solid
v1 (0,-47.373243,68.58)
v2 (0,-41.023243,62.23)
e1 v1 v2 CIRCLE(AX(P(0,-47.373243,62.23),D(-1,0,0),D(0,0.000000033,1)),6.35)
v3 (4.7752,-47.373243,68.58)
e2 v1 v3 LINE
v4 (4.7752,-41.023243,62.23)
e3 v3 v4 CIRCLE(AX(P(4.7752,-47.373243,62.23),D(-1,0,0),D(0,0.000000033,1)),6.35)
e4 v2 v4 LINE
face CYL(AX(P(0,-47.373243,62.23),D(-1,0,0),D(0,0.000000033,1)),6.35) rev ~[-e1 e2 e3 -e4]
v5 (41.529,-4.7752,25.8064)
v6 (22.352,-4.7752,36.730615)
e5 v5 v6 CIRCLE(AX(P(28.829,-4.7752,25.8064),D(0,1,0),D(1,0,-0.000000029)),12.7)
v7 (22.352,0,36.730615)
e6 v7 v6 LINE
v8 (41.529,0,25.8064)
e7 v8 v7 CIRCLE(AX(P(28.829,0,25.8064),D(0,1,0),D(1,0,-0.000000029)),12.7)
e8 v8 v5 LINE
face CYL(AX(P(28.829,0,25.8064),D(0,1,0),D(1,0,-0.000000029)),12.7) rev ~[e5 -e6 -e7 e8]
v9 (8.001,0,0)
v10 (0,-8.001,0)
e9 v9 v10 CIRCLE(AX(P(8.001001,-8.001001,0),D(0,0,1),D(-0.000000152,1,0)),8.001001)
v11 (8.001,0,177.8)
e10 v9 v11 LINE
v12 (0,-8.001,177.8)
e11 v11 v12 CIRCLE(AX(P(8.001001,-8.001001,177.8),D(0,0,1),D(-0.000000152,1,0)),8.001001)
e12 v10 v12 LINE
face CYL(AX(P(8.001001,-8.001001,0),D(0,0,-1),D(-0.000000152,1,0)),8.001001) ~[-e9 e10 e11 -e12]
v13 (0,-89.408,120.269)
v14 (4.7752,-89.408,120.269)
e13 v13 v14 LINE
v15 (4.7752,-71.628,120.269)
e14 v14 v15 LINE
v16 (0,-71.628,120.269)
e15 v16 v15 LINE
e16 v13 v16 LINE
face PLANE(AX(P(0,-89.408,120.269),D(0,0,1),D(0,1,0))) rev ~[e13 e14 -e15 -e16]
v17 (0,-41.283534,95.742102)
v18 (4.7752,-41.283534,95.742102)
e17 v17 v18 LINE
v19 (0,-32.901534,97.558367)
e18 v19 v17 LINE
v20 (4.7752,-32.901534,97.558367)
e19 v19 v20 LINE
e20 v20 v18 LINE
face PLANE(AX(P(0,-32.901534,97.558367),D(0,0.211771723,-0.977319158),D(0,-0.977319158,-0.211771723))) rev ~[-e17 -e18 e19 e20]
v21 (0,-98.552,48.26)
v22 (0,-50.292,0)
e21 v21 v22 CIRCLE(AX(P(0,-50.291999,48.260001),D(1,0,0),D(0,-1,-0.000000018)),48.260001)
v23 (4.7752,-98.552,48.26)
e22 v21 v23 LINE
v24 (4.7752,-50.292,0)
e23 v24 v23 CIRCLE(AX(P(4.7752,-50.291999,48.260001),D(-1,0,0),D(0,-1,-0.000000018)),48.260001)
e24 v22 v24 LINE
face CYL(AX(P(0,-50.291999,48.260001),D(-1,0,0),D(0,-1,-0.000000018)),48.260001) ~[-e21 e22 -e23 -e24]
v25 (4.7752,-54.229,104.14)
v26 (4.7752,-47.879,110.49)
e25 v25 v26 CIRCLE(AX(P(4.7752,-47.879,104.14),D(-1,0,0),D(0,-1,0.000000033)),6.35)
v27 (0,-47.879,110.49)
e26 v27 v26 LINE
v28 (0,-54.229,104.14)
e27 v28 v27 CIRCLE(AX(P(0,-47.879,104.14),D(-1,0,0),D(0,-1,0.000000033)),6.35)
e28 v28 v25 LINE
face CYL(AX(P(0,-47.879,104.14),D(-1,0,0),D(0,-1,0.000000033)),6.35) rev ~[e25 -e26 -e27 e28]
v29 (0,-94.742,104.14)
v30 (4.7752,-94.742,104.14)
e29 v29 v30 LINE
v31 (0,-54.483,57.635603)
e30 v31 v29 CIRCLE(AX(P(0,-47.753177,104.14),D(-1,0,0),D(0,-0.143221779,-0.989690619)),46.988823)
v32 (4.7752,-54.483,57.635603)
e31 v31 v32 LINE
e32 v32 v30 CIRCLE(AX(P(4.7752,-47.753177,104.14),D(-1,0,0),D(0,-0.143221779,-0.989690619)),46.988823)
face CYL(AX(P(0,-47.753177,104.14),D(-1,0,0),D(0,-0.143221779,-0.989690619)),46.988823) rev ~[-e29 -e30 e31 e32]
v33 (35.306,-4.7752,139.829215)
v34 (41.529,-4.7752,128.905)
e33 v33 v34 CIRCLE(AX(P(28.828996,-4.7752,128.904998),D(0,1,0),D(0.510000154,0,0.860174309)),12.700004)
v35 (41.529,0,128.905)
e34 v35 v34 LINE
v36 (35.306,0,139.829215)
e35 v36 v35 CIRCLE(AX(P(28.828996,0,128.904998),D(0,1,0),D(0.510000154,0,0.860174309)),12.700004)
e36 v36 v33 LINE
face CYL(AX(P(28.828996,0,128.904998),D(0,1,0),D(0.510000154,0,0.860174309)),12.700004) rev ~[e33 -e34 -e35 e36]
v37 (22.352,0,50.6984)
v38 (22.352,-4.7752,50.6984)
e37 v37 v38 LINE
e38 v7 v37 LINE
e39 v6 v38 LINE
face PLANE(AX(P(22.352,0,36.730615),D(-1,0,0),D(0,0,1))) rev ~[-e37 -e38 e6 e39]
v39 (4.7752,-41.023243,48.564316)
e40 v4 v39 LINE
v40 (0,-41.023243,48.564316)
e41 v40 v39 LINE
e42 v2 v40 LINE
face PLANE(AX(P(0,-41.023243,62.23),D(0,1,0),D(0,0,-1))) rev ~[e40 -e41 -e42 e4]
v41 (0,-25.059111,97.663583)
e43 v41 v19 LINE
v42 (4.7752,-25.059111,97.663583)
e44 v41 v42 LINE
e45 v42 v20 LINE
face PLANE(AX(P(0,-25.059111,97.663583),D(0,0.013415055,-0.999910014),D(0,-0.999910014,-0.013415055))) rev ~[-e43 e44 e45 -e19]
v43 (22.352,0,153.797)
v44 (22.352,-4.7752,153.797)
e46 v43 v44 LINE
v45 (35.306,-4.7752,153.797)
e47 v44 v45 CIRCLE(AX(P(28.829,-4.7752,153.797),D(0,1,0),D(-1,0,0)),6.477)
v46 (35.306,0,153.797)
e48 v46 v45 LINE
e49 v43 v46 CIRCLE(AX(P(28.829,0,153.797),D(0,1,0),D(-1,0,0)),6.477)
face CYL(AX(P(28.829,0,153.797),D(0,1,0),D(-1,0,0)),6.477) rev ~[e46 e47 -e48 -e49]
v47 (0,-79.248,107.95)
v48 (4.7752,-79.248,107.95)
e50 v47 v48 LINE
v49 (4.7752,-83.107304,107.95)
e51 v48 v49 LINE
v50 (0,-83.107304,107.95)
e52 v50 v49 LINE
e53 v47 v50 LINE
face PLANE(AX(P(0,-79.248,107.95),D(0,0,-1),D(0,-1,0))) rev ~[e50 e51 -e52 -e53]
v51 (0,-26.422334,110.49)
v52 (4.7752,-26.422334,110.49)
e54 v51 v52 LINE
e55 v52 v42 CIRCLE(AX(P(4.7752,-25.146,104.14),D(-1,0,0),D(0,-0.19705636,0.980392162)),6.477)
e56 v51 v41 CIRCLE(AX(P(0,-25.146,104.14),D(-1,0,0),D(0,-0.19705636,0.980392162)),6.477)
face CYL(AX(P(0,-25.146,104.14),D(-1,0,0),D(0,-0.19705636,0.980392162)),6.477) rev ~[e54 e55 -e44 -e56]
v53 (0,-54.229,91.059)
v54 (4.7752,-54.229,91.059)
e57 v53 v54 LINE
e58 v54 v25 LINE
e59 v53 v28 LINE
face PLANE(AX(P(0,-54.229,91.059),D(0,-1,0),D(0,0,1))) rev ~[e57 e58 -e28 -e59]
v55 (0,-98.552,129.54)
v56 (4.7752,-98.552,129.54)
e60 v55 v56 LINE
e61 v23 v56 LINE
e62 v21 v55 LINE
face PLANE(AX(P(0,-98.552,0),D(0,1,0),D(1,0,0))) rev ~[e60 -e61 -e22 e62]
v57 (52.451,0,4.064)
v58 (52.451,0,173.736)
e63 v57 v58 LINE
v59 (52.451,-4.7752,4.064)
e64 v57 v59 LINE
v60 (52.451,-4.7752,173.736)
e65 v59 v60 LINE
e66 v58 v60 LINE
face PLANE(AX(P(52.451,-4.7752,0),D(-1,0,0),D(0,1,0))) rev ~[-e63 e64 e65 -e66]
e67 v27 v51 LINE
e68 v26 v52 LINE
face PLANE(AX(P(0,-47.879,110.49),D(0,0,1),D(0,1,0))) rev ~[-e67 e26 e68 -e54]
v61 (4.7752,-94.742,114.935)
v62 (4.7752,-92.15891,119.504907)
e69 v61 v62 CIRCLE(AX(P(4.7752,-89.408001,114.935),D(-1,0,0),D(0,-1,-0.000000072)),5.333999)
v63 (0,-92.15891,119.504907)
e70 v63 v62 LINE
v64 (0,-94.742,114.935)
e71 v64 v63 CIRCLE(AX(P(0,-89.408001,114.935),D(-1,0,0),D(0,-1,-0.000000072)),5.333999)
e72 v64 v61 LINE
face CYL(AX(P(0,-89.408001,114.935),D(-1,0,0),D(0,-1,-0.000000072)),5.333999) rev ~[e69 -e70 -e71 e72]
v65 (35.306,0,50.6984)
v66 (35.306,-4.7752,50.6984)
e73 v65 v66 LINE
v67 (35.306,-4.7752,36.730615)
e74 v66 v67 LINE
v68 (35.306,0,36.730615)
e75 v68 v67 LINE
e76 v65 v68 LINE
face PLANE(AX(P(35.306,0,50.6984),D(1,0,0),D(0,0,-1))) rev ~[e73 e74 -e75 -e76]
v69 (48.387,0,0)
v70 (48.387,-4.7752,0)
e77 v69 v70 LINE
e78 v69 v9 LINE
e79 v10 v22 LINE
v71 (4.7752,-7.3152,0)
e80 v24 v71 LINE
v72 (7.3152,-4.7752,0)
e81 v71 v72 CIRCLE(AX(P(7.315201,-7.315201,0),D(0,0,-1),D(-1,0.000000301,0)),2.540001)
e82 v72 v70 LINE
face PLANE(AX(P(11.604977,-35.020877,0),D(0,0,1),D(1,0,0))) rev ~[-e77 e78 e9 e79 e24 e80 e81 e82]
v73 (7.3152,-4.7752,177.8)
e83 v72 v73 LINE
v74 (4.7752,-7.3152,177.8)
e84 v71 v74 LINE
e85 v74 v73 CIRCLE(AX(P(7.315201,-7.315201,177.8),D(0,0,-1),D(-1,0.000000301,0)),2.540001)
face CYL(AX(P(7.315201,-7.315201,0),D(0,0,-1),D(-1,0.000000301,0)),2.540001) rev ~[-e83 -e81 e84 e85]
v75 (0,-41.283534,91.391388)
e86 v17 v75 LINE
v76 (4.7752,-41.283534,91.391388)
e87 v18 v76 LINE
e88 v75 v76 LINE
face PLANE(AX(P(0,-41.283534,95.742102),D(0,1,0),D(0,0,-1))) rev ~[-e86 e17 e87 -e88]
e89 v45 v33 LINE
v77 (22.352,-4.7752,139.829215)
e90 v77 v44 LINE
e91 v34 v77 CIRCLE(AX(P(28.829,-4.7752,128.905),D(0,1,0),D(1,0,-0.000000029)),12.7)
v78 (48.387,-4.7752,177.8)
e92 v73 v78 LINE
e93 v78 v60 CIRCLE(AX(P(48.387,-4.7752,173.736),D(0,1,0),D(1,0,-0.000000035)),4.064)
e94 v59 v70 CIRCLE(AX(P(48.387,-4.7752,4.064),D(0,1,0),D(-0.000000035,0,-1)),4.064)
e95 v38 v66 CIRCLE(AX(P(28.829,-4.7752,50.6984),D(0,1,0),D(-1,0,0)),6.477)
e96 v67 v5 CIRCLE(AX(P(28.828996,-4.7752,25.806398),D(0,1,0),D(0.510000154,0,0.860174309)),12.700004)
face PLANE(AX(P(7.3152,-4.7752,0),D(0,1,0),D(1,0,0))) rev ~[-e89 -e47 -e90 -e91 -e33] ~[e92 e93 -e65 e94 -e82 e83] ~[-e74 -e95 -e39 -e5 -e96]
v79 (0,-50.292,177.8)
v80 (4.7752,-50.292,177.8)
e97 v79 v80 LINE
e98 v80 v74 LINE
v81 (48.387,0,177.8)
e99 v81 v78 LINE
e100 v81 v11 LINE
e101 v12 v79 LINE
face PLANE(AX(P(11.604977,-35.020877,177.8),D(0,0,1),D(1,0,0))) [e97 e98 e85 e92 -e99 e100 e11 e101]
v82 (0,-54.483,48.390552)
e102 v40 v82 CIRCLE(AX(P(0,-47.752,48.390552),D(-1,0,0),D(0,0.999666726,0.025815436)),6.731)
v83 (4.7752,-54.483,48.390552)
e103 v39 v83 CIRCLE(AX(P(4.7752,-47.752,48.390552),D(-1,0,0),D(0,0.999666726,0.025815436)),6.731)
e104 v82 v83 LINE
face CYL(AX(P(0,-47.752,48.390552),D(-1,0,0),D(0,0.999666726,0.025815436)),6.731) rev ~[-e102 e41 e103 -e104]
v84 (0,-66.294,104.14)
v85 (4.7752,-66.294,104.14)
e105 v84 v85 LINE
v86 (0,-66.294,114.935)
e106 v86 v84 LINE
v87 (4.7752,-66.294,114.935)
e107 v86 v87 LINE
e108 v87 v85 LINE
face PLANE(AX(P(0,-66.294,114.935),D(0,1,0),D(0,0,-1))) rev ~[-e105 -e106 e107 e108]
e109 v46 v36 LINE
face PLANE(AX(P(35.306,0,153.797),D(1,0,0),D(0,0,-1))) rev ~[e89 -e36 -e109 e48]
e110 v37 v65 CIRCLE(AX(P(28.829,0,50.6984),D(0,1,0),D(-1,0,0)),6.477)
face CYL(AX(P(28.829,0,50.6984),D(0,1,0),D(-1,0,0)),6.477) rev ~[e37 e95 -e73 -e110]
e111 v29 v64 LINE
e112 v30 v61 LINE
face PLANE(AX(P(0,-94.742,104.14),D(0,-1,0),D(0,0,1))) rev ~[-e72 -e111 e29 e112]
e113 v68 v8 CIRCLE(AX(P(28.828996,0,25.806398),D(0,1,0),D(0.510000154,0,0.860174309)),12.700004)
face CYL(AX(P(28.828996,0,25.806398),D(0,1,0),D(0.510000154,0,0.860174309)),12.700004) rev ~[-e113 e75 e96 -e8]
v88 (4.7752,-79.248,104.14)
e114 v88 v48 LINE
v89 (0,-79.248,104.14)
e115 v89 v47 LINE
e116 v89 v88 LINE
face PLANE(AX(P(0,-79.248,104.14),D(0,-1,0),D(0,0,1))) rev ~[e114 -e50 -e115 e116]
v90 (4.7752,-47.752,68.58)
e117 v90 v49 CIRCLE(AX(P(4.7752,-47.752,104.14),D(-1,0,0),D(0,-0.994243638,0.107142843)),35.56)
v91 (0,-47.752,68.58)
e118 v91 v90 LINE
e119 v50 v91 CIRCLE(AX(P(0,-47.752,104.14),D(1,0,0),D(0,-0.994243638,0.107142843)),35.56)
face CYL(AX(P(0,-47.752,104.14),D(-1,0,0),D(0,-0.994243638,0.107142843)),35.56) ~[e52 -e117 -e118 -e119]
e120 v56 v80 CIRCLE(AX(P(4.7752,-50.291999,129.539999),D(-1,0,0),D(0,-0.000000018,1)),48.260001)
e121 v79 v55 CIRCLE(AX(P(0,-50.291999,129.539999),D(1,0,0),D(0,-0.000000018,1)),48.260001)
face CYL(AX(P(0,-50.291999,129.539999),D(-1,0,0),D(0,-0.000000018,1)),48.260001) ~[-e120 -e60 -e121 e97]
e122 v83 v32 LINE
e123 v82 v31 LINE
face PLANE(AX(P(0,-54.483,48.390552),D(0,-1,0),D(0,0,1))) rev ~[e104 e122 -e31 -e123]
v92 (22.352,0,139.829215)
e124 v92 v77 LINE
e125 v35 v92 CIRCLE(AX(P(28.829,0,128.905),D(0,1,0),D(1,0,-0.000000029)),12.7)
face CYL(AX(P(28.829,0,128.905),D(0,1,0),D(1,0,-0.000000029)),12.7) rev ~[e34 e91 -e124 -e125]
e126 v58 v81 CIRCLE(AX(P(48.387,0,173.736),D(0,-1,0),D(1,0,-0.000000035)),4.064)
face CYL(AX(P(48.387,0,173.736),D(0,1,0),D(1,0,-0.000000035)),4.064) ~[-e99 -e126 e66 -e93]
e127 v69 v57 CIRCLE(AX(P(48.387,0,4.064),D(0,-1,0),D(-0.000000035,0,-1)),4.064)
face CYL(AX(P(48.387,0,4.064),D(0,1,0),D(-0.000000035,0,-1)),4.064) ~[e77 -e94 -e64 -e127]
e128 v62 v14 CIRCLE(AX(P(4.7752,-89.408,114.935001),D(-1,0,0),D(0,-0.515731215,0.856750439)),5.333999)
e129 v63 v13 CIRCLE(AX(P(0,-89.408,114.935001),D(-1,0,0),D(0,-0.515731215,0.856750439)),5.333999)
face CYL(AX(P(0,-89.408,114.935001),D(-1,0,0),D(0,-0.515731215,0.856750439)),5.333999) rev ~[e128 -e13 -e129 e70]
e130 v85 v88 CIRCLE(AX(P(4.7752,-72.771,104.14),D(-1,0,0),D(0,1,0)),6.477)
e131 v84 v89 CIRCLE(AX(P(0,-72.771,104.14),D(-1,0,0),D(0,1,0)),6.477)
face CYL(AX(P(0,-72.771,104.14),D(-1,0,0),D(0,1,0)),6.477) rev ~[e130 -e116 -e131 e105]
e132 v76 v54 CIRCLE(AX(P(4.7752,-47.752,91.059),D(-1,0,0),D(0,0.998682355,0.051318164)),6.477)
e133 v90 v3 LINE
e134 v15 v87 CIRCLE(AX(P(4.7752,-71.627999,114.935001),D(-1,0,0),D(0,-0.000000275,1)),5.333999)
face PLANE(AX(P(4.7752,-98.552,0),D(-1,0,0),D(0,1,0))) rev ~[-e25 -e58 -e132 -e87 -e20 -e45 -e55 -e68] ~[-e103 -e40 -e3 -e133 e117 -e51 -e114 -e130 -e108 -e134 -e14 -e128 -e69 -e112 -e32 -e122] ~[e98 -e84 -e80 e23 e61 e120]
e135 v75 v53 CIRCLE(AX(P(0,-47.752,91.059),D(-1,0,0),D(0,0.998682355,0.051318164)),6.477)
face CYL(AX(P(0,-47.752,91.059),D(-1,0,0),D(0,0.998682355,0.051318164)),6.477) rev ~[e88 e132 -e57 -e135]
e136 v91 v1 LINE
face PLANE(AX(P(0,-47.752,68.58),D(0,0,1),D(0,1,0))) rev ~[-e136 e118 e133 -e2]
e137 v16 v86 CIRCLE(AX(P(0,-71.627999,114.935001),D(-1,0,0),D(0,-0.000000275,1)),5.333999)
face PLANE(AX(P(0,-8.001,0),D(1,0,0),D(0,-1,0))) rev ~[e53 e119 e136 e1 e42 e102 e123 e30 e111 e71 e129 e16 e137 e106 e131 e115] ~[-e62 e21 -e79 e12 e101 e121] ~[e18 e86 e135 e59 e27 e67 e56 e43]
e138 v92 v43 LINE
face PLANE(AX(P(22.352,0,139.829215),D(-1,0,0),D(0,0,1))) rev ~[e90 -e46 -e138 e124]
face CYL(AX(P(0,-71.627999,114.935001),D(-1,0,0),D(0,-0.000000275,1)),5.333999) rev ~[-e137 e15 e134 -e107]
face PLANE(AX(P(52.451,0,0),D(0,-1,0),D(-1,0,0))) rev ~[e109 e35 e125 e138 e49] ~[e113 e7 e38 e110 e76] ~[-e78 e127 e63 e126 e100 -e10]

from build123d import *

# Parameters (mm, degrees)
F1_DEPTH = 177.8
F3_DEPTH = 98.553
F5_DEPTH = 52.452


with BuildPart() as f1:
    # F0 (on Top) → F1 (new body)
    with BuildSketch(Plane.XY):
        with BuildLine():
            Line((52.451, 0), (8.001, 0))
            ThreePointArc((8.001, 0), (2.343439, -2.343439), (0, -8.001))
            Line((0, -8.001), (0, -98.552))
            Line((0, -98.552), (4.7752, -98.552))
            Line((4.7752, -98.552), (4.7752, -7.3152))
            ThreePointArc((4.7752, -7.3152), (5.519149, -5.519149), (7.3152, -4.7752))
            Line((7.3152, -4.7752), (52.451, -4.7752))
            Line((52.451, -4.7752), (52.451, 0))
        make_face()
    extrude(amount=F1_DEPTH)

    # F2 (on face) → F3 (cut, through all)
    with BuildSketch(Plane(origin=(0, 0, 0), x_dir=(-1, 0, 0), z_dir=(0, 1, 0))):
        with BuildLine():
            ThreePointArc((-52.451, 173.736), (-51.260682, 176.609682), (-48.387, 177.8))
            Line((-48.387, 177.8), (-52.451, 177.8))
            Line((-52.451, 177.8), (-52.451, 173.736))
        make_face()
        with BuildLine():
            ThreePointArc((-48.387, 0), (-51.260682, 1.190318), (-52.451, 4.064))
            Line((-52.451, 4.064), (-52.451, 0))
            Line((-52.451, 0), (-48.387, 0))
        make_face()
        with BuildLine():
            Line((-35.306, 50.6984), (-35.306, 36.730615))
            ThreePointArc((-35.306, 36.730615), (-39.864123, 32.092579), (-41.529, 25.8064))
            ThreePointArc((-41.529, 25.8064), (-22.542821, 14.771277), (-22.352, 36.730615))
            Line((-22.352, 36.730615), (-22.352, 50.6984))
            ThreePointArc((-22.352, 50.6984), (-28.829, 57.1754), (-35.306, 50.6984))
        make_face()
        with BuildLine():
            Line((-35.306, 153.797), (-35.306, 139.829215))
            ThreePointArc((-35.306, 139.829215), (-39.864123, 135.191179), (-41.529, 128.905))
            ThreePointArc((-41.529, 128.905), (-22.542821, 117.869877), (-22.352, 139.829215))
            Line((-22.352, 139.829215), (-22.352, 153.797))
            ThreePointArc((-22.352, 153.797), (-28.829, 160.274), (-35.306, 153.797))
        make_face()
    extrude(amount=-F3_DEPTH, mode=Mode.SUBTRACT)

    # F4 (on face) → F5 (cut, through all)
    with BuildSketch(Plane(origin=(0, 0, 0), x_dir=(0, -1, 0), z_dir=(-1, 0, 0))):
        with BuildLine():
            ThreePointArc((92.15891, 119.504907), (94.091728, 111.930262), (94.742, 104.14))
            Line((94.742, 104.14), (94.742, 114.935))
            ThreePointArc((94.742, 114.935), (94.051539, 117.55971), (92.15891, 119.504907))
        make_face()
        with BuildLine():
            Line((54.229, 91.059), (54.229, 104.14))
            ThreePointArc((54.229, 104.14), (52.369128, 108.630128), (47.879, 110.49))
            Line((47.879, 110.49), (26.422334, 110.49))
            ThreePointArc((26.422334, 110.49), (18.705275, 104.824536), (25.059111, 97.663583))
            Line((25.059111, 97.663583), (32.901534, 97.558367))
            Line((32.901534, 97.558367), (41.283534, 95.742102))
            Line((41.283534, 95.742102), (41.283534, 91.391388))
            ThreePointArc((41.283534, 91.391388), (47.585751, 84.584134), (54.229, 91.059))
        make_face()
        with BuildLine():
            ThreePointArc((54.483, 57.635603), (83.279054, 73.385138), (94.742, 104.14))
            ThreePointArc((94.742, 104.14), (94.091728, 111.930262), (92.15891, 119.504907))
            ThreePointArc((92.15891, 119.504907), (90.835528, 120.074428), (89.408, 120.269))
            Line((89.408, 120.269), (71.628, 120.269))
            ThreePointArc((71.628, 120.269), (67.856292, 118.706708), (66.294, 114.935))
            Line((66.294, 114.935), (66.294, 104.14))
            Line((66.294, 104.14), (72.771, 104.14))
            Line((72.771, 104.14), (79.248, 104.14))
            Line((79.248, 104.14), (79.248, 107.95))
            Line((79.248, 107.95), (83.107304, 107.95))
            ThreePointArc((83.107304, 107.95), (74.209487, 80.380476), (47.752, 68.58))
            Line((47.752, 68.58), (47.373243, 68.58))
            ThreePointArc((47.373243, 68.58), (42.883115, 66.720128), (41.023243, 62.23))
            Line((41.023243, 62.23), (41.023243, 48.564316))
            ThreePointArc((41.023243, 48.564316), (47.665111, 41.660113), (54.483, 48.390552))
            Line((54.483, 48.390552), (54.483, 57.635603))
        make_face()
        with BuildLine():
            Line((72.771, 104.14), (66.294, 104.14))
            ThreePointArc((66.294, 104.14), (72.771, 97.663), (79.248, 104.14))
            Line((79.248, 104.14), (72.771, 104.14))
        make_face()
        with BuildLine():
            Line((98.552, 0), (98.552, 48.26))
            ThreePointArc((98.552, 48.26), (84.416973, 14.135027), (50.292, 0))
            Line((50.292, 0), (98.552, 0))
        make_face()
        with BuildLine():
            Line((98.552, 177.8), (50.292, 177.8))
            ThreePointArc((50.292, 177.8), (84.416973, 163.664973), (98.552, 129.54))
            Line((98.552, 129.54), (98.552, 177.8))
        make_face()
    extrude(amount=-F5_DEPTH, mode=Mode.SUBTRACT)


solid = f1.part
